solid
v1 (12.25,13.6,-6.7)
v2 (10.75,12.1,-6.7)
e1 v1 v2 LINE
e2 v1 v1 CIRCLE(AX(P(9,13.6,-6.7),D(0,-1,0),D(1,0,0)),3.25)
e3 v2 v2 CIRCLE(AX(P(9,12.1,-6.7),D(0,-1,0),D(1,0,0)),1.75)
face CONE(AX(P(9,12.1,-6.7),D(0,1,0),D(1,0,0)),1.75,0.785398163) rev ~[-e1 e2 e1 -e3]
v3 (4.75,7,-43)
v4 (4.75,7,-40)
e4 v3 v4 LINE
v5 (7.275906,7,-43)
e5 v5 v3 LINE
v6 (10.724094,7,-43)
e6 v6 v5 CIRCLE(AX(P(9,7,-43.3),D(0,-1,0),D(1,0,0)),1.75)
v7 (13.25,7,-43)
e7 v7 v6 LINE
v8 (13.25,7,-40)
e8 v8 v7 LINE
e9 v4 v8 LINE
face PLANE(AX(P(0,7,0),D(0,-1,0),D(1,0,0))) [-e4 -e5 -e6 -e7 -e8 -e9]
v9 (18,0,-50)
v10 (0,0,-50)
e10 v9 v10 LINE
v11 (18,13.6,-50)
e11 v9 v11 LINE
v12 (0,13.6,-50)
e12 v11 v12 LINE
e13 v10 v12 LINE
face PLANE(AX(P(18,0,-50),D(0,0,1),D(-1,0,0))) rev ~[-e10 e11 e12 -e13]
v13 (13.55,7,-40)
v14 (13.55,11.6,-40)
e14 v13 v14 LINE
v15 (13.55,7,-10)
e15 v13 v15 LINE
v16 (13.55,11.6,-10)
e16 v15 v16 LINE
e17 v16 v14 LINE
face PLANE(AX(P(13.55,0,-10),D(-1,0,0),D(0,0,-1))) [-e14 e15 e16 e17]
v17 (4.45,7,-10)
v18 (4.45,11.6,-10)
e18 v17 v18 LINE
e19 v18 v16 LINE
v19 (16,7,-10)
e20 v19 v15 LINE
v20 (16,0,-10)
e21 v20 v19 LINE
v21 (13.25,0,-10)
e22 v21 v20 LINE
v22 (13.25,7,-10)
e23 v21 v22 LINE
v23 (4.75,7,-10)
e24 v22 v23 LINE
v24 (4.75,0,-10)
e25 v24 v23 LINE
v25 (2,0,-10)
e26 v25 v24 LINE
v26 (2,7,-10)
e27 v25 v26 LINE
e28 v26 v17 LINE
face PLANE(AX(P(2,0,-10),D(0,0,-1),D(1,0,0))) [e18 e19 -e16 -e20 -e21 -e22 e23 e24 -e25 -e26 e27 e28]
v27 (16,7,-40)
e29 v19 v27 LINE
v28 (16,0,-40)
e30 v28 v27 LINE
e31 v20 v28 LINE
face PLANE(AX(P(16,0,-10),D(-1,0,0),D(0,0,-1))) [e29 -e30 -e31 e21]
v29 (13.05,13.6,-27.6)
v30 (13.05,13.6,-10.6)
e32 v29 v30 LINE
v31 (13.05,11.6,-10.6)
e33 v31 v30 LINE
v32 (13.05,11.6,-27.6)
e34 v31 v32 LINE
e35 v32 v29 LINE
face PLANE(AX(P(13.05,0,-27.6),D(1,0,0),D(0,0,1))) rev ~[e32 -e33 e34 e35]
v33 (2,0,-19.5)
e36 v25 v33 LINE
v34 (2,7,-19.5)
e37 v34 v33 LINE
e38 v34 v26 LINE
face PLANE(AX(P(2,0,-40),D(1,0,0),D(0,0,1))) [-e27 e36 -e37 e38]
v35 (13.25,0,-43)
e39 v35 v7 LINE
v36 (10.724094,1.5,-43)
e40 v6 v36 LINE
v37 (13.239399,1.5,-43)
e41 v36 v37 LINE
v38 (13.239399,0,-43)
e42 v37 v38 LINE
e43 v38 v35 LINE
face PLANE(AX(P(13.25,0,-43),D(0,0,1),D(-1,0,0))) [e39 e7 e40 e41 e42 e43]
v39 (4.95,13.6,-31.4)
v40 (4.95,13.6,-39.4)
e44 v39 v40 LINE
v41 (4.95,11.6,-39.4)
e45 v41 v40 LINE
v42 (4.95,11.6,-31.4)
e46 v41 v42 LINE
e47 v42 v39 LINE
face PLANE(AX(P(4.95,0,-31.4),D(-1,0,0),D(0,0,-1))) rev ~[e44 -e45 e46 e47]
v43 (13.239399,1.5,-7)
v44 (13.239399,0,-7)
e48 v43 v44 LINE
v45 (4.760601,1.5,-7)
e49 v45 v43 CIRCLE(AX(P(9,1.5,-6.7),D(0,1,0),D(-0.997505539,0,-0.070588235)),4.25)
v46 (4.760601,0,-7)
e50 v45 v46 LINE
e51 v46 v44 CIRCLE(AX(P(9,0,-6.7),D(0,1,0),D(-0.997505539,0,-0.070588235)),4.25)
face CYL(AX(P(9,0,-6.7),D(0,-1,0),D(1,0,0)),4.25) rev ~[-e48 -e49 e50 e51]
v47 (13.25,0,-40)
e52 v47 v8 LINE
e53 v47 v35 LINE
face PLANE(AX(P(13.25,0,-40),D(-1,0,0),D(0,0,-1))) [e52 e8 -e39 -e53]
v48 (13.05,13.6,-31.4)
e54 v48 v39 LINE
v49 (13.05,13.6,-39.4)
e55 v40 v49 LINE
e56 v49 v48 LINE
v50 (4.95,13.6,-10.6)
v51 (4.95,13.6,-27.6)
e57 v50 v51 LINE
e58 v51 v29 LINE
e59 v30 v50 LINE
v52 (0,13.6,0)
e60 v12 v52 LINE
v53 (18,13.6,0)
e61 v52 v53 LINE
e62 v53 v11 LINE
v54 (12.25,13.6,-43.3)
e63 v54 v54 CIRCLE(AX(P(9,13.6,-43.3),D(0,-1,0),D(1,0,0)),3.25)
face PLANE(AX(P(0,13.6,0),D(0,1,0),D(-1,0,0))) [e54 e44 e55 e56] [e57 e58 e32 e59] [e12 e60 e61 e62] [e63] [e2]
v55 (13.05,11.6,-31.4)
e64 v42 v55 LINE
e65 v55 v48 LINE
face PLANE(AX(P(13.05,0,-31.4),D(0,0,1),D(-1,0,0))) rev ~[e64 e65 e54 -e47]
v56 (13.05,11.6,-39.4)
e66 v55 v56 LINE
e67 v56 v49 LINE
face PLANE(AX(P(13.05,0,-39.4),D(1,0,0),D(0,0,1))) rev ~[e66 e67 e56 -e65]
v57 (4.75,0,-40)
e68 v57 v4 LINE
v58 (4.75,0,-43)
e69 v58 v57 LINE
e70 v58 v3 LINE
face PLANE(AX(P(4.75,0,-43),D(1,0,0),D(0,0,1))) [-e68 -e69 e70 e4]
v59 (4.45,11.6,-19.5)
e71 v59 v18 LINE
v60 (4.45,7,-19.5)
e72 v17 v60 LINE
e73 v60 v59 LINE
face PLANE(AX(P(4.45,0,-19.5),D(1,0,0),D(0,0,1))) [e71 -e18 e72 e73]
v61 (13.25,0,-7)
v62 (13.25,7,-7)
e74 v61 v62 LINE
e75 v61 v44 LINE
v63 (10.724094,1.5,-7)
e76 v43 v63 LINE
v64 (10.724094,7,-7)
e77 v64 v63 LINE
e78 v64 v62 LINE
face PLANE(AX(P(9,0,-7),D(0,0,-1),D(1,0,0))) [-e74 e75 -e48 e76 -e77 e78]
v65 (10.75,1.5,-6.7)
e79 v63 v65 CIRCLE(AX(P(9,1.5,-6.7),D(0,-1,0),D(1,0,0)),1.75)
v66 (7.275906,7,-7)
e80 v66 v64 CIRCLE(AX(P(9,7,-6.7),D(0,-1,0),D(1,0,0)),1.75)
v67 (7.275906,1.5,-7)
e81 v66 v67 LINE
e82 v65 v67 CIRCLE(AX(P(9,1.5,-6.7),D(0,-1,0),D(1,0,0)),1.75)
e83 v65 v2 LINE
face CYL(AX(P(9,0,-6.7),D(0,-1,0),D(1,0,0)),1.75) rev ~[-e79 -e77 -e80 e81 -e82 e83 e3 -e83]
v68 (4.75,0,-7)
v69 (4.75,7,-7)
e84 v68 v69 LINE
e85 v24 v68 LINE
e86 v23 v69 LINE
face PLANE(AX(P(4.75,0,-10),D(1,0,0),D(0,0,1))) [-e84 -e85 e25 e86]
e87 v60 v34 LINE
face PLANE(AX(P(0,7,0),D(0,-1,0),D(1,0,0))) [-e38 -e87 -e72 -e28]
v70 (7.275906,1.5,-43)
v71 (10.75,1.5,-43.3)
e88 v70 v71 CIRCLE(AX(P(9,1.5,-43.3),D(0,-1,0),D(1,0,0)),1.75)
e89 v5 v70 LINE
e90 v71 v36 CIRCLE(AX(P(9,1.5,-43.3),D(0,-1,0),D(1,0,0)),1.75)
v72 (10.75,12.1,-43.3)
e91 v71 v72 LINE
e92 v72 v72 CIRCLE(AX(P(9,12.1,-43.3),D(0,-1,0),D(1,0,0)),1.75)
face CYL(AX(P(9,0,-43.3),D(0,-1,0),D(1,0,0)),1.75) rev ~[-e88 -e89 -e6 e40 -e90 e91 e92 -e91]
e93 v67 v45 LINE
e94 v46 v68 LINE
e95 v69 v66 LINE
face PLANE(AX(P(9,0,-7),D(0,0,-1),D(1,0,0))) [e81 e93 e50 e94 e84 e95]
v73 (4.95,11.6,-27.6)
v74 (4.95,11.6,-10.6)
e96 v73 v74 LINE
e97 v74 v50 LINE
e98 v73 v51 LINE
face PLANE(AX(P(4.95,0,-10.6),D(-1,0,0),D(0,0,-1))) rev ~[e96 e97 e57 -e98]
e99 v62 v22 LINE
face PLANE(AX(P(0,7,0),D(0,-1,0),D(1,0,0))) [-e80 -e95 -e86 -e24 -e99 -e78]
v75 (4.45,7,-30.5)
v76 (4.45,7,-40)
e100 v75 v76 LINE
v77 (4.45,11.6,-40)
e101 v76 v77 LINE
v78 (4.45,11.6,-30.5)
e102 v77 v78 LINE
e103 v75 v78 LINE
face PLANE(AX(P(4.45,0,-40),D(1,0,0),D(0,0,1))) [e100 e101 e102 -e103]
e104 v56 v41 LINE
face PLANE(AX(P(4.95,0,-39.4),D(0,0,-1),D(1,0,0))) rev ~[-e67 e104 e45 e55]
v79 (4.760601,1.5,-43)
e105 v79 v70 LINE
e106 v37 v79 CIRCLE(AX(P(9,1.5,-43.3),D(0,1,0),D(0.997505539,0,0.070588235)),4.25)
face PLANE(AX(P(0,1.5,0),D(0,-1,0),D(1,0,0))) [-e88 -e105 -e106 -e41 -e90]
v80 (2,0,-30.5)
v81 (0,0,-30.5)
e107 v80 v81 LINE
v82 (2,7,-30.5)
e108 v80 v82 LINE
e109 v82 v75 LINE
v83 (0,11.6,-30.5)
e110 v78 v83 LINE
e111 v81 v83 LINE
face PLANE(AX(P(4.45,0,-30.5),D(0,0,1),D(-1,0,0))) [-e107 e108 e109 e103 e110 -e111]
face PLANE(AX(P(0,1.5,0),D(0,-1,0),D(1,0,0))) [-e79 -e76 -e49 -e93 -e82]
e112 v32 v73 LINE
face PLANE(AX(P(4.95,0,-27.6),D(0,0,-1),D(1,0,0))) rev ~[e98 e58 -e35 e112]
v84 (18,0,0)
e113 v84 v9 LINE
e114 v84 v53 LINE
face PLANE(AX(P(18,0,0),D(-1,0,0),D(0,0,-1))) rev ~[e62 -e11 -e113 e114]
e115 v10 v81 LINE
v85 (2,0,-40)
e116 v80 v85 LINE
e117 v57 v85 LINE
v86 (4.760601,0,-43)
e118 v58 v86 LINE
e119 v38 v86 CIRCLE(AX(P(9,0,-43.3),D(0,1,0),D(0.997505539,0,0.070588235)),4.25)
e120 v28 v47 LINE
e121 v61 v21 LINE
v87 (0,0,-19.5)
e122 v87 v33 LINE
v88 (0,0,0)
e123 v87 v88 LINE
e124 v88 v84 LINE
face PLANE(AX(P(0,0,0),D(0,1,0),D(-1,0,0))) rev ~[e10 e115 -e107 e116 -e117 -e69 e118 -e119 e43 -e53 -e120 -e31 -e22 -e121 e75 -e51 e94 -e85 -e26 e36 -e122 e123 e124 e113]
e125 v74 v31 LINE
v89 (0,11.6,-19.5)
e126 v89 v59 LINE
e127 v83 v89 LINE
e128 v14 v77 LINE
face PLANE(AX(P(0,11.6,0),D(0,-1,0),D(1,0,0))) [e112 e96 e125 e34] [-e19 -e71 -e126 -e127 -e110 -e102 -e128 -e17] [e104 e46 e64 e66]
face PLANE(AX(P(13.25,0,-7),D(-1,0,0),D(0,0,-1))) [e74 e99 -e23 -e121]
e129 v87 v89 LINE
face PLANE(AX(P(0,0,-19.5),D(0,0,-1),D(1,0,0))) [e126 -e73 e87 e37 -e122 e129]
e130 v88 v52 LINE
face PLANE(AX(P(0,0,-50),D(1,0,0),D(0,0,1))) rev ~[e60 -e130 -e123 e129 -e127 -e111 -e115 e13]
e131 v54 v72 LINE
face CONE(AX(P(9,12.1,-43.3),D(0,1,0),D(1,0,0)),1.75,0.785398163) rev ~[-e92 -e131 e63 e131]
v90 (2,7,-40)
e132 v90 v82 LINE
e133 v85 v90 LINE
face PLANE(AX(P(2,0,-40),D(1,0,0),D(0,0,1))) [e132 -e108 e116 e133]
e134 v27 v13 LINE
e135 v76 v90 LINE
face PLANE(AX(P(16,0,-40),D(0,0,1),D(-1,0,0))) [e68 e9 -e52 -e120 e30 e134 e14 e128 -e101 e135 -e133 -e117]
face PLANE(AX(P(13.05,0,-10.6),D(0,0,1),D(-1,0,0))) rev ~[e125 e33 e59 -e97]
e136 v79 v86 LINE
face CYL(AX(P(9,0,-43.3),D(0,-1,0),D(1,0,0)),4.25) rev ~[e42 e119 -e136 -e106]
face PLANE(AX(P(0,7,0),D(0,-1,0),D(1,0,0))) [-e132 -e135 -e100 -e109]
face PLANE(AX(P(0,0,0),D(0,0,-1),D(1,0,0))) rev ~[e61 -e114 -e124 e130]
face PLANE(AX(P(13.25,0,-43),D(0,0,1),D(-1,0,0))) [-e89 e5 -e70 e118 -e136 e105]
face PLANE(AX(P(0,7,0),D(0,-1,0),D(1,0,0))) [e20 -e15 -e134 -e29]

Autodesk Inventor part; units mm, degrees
ref_plane "YZ Plane" through (0, 0, 0) normal (1, 0, 0) x (0, 1, 0)
ref_plane "XZ Plane" through (0, 0, 0) normal (0, 1, 0) x (-1, 0, 0)
ref_plane "XY Plane" through (0, 0, 0) normal (0, 0, 1) x (1, 0, 0)
sketch "Esquisse1" plane through (0, 0, 0) normal (0, 1, 0) x (-1, 0, 0)
  line L0 (0, 0) -> (-18, 0)
  line L1 (-18, 0) -> (-18, -50)
  line L2 (-18, -50) -> (0, -50)
  line L3 (0, -50) -> (0, 0)
  dimension "d0" = 50
  dimension "d1" = 18
extrude "Extrusion1" add sketch "Esquisse1" along normal blind 13.6
sketch "Esquisse2" plane through (0, 0, 0) normal (0, -1, 0) x (1, 0, 0)
  line L0 (13.05, -10.6) -> (4.95, -10.6)
  line L1 (4.95, -10.6) -> (4.95, -27.6)
  line L2 (4.95, -39.4) -> (13.05, -39.4)
  line L3 (13.05, -39.4) -> (13.05, -31.4)
  line L4 (18, 0) -> (18, -50) projected
  line L5 (18, -25) -> (0, -25) construction
  line L6 (0, -50) -> (0, 0) projected
  line L7 (0, 0) -> (18, 0) projected
  line L8 (9, 0) -> (9, -50) construction
  line L9 (18, -50) -> (0, -50) projected
  line L10 (13.05, -31.4) -> (4.95, -31.4)
  line L11 (4.95, -27.6) -> (13.05, -27.6)
  line L12 (13.05, -31.4) -> (13.05, -27.6) construction
  line L13 (13.05, -27.6) -> (13.05, -10.6)
  line L14 (4.95, -27.6) -> (4.95, -31.4) construction
  line L15 (4.95, -31.4) -> (4.95, -39.4)
  point P0 (13.05, -25)
  point P1 (9, -10.6)
  dimension "d4" = 28.8
  dimension "d5" = 8.1
  dimension "d36" = 8
  dimension "d37" = 17
extrude "Extrusion2" cut sketch "Esquisse2" against normal blind 13.6 contours L13 L11 L1 L0 | L15 L10 L3 L2
sketch "Esquisse3" plane through (0, 0, 0) normal (0, -1, 0) x (1, 0, 0)
  circle A0 centre (9, -43.3) radius 1.75
  line L0 (4.95, -10.6) -> (13.05, -10.6) projected
  line L1 (0, -50) -> (0, 0) projected
  line L2 (18, -50) -> (0, -50) projected
  line L3 (9, -50) -> (9, 0)
  line L4 (0, 0) -> (18, 0) projected
  circle A1 centre (9, -6.7) radius 1.75
  line L5 (13.05, -39.4) -> (4.95, -39.4) projected
  dimension "d8" = 32.7
  dimension "d10" = 3.5
  dimension "d11" = 3.5
  dimension "d12" = 32.7
extrude "Extrusion3" cut sketch "Esquisse3" against normal blind 13.6 contours A0 L3 | L3 A0 | A1 L3 | L3 A1
sketch "Esquisse4" plane through (0, 0, 0) normal (0, -1, 0) x (1, 0, 0)
  line L0 (13.55, -10) -> (13.55, -40)
  line L1 (13.55, -40) -> (4.45, -40)
  line L2 (4.45, -40) -> (4.45, -30.5)
  line L3 (4.45, -30.5) -> (0, -30.5)
  line L4 (0, -30.5) -> (0, -19.5)
  line L5 (0, -50) -> (0, 0) projected
  line L6 (0, -19.5) -> (4.45, -19.5)
  line L7 (4.45, -19.5) -> (4.45, -10)
  line L8 (4.45, -10) -> (13.55, -10)
  line L9 (18, 0) -> (18, -50) projected
  line L10 (18, -25) -> (0, -25) construction
  line L11 (0, 0) -> (18, 0) projected
  line L12 (9, 0) -> (9, -50) construction
  line L13 (0, -50) -> (0, 0) projected
  point P0 (13.55, -25)
  point P1 (9, -10)
  dimension "d15" = 30
  dimension "d16" = 9.1
  dimension "d17" = 11
extrude "Extrusion4" cut sketch "Esquisse4" against normal blind 11.6
sketch "Esquisse5" plane through (0, 0, 0) normal (0, -1, 0) x (1, 0, 0)
  line L0 (16, -10) -> (16, -40)
  line L1 (16, -40) -> (13.25, -40)
  line L2 (13.25, -40) -> (13.25, -43)
  line L3 (13.25, -43) -> (4.75, -43)
  line L4 (4.75, -43) -> (4.75, -40)
  line L5 (4.75, -40) -> (2, -40)
  line L6 (2, -40) -> (2, -10)
  line L7 (2, -10) -> (4.75, -10)
  line L8 (4.75, -10) -> (4.75, -7)
  line L9 (4.75, -7) -> (13.25, -7)
  line L10 (13.25, -7) -> (13.25, -10)
  line L11 (16, -10) -> (13.25, -10)
  line L12 (0, 0) -> (18, 0) projected
  line L13 (9, 0) -> (9, -50)
  line L14 (18, -50) -> (0, -50) projected
  line L15 (0, -30.5) -> (0, -19.5) projected
  line L16 (0, -25) -> (9, -25)
  line L17 (4.45, -10) -> (13.55, -10) projected
  point P0 (2, -25)
  point P1 (9, -7)
  dimension "d20" = 14
  dimension "d21" = 36
  dimension "d22" = 8.5
extrude "Extrusion5" cut sketch "Esquisse5" against normal blind 7
sketch "Esquisse6" plane through (0, 0, 0) normal (0, -1, 0) x (1, 0, 0)
  circle A0 centre (9, -6.7) radius 4.25
  arc A1 (10.7241, -7) -> (7.2759, -7) centre (9, -6.7) ccw projected
  circle A2 centre (9, -43.3) radius 4.25
  arc A3 (10.7241, -43) -> (7.2759, -43) centre (9, -43.3) ccw projected
  point P0 (0, 0)
  dimension "d25" = 8.5
  dimension "d26" = 8.5
extrude "Extrusion6" cut sketch "Esquisse6" against normal blind 1.5
chamfer "Chanfrein1" distance 1.5 angle 45 1 edges at (7.25, 13.6, -6.7)
chamfer "Chanfrein2" distance 1.5 angle 45 1 edges at (7.25, 13.6, -43.3)
equation "\"d11\" = d10"
equation "\"d12\" = d8"
properties part number "sharp1"
